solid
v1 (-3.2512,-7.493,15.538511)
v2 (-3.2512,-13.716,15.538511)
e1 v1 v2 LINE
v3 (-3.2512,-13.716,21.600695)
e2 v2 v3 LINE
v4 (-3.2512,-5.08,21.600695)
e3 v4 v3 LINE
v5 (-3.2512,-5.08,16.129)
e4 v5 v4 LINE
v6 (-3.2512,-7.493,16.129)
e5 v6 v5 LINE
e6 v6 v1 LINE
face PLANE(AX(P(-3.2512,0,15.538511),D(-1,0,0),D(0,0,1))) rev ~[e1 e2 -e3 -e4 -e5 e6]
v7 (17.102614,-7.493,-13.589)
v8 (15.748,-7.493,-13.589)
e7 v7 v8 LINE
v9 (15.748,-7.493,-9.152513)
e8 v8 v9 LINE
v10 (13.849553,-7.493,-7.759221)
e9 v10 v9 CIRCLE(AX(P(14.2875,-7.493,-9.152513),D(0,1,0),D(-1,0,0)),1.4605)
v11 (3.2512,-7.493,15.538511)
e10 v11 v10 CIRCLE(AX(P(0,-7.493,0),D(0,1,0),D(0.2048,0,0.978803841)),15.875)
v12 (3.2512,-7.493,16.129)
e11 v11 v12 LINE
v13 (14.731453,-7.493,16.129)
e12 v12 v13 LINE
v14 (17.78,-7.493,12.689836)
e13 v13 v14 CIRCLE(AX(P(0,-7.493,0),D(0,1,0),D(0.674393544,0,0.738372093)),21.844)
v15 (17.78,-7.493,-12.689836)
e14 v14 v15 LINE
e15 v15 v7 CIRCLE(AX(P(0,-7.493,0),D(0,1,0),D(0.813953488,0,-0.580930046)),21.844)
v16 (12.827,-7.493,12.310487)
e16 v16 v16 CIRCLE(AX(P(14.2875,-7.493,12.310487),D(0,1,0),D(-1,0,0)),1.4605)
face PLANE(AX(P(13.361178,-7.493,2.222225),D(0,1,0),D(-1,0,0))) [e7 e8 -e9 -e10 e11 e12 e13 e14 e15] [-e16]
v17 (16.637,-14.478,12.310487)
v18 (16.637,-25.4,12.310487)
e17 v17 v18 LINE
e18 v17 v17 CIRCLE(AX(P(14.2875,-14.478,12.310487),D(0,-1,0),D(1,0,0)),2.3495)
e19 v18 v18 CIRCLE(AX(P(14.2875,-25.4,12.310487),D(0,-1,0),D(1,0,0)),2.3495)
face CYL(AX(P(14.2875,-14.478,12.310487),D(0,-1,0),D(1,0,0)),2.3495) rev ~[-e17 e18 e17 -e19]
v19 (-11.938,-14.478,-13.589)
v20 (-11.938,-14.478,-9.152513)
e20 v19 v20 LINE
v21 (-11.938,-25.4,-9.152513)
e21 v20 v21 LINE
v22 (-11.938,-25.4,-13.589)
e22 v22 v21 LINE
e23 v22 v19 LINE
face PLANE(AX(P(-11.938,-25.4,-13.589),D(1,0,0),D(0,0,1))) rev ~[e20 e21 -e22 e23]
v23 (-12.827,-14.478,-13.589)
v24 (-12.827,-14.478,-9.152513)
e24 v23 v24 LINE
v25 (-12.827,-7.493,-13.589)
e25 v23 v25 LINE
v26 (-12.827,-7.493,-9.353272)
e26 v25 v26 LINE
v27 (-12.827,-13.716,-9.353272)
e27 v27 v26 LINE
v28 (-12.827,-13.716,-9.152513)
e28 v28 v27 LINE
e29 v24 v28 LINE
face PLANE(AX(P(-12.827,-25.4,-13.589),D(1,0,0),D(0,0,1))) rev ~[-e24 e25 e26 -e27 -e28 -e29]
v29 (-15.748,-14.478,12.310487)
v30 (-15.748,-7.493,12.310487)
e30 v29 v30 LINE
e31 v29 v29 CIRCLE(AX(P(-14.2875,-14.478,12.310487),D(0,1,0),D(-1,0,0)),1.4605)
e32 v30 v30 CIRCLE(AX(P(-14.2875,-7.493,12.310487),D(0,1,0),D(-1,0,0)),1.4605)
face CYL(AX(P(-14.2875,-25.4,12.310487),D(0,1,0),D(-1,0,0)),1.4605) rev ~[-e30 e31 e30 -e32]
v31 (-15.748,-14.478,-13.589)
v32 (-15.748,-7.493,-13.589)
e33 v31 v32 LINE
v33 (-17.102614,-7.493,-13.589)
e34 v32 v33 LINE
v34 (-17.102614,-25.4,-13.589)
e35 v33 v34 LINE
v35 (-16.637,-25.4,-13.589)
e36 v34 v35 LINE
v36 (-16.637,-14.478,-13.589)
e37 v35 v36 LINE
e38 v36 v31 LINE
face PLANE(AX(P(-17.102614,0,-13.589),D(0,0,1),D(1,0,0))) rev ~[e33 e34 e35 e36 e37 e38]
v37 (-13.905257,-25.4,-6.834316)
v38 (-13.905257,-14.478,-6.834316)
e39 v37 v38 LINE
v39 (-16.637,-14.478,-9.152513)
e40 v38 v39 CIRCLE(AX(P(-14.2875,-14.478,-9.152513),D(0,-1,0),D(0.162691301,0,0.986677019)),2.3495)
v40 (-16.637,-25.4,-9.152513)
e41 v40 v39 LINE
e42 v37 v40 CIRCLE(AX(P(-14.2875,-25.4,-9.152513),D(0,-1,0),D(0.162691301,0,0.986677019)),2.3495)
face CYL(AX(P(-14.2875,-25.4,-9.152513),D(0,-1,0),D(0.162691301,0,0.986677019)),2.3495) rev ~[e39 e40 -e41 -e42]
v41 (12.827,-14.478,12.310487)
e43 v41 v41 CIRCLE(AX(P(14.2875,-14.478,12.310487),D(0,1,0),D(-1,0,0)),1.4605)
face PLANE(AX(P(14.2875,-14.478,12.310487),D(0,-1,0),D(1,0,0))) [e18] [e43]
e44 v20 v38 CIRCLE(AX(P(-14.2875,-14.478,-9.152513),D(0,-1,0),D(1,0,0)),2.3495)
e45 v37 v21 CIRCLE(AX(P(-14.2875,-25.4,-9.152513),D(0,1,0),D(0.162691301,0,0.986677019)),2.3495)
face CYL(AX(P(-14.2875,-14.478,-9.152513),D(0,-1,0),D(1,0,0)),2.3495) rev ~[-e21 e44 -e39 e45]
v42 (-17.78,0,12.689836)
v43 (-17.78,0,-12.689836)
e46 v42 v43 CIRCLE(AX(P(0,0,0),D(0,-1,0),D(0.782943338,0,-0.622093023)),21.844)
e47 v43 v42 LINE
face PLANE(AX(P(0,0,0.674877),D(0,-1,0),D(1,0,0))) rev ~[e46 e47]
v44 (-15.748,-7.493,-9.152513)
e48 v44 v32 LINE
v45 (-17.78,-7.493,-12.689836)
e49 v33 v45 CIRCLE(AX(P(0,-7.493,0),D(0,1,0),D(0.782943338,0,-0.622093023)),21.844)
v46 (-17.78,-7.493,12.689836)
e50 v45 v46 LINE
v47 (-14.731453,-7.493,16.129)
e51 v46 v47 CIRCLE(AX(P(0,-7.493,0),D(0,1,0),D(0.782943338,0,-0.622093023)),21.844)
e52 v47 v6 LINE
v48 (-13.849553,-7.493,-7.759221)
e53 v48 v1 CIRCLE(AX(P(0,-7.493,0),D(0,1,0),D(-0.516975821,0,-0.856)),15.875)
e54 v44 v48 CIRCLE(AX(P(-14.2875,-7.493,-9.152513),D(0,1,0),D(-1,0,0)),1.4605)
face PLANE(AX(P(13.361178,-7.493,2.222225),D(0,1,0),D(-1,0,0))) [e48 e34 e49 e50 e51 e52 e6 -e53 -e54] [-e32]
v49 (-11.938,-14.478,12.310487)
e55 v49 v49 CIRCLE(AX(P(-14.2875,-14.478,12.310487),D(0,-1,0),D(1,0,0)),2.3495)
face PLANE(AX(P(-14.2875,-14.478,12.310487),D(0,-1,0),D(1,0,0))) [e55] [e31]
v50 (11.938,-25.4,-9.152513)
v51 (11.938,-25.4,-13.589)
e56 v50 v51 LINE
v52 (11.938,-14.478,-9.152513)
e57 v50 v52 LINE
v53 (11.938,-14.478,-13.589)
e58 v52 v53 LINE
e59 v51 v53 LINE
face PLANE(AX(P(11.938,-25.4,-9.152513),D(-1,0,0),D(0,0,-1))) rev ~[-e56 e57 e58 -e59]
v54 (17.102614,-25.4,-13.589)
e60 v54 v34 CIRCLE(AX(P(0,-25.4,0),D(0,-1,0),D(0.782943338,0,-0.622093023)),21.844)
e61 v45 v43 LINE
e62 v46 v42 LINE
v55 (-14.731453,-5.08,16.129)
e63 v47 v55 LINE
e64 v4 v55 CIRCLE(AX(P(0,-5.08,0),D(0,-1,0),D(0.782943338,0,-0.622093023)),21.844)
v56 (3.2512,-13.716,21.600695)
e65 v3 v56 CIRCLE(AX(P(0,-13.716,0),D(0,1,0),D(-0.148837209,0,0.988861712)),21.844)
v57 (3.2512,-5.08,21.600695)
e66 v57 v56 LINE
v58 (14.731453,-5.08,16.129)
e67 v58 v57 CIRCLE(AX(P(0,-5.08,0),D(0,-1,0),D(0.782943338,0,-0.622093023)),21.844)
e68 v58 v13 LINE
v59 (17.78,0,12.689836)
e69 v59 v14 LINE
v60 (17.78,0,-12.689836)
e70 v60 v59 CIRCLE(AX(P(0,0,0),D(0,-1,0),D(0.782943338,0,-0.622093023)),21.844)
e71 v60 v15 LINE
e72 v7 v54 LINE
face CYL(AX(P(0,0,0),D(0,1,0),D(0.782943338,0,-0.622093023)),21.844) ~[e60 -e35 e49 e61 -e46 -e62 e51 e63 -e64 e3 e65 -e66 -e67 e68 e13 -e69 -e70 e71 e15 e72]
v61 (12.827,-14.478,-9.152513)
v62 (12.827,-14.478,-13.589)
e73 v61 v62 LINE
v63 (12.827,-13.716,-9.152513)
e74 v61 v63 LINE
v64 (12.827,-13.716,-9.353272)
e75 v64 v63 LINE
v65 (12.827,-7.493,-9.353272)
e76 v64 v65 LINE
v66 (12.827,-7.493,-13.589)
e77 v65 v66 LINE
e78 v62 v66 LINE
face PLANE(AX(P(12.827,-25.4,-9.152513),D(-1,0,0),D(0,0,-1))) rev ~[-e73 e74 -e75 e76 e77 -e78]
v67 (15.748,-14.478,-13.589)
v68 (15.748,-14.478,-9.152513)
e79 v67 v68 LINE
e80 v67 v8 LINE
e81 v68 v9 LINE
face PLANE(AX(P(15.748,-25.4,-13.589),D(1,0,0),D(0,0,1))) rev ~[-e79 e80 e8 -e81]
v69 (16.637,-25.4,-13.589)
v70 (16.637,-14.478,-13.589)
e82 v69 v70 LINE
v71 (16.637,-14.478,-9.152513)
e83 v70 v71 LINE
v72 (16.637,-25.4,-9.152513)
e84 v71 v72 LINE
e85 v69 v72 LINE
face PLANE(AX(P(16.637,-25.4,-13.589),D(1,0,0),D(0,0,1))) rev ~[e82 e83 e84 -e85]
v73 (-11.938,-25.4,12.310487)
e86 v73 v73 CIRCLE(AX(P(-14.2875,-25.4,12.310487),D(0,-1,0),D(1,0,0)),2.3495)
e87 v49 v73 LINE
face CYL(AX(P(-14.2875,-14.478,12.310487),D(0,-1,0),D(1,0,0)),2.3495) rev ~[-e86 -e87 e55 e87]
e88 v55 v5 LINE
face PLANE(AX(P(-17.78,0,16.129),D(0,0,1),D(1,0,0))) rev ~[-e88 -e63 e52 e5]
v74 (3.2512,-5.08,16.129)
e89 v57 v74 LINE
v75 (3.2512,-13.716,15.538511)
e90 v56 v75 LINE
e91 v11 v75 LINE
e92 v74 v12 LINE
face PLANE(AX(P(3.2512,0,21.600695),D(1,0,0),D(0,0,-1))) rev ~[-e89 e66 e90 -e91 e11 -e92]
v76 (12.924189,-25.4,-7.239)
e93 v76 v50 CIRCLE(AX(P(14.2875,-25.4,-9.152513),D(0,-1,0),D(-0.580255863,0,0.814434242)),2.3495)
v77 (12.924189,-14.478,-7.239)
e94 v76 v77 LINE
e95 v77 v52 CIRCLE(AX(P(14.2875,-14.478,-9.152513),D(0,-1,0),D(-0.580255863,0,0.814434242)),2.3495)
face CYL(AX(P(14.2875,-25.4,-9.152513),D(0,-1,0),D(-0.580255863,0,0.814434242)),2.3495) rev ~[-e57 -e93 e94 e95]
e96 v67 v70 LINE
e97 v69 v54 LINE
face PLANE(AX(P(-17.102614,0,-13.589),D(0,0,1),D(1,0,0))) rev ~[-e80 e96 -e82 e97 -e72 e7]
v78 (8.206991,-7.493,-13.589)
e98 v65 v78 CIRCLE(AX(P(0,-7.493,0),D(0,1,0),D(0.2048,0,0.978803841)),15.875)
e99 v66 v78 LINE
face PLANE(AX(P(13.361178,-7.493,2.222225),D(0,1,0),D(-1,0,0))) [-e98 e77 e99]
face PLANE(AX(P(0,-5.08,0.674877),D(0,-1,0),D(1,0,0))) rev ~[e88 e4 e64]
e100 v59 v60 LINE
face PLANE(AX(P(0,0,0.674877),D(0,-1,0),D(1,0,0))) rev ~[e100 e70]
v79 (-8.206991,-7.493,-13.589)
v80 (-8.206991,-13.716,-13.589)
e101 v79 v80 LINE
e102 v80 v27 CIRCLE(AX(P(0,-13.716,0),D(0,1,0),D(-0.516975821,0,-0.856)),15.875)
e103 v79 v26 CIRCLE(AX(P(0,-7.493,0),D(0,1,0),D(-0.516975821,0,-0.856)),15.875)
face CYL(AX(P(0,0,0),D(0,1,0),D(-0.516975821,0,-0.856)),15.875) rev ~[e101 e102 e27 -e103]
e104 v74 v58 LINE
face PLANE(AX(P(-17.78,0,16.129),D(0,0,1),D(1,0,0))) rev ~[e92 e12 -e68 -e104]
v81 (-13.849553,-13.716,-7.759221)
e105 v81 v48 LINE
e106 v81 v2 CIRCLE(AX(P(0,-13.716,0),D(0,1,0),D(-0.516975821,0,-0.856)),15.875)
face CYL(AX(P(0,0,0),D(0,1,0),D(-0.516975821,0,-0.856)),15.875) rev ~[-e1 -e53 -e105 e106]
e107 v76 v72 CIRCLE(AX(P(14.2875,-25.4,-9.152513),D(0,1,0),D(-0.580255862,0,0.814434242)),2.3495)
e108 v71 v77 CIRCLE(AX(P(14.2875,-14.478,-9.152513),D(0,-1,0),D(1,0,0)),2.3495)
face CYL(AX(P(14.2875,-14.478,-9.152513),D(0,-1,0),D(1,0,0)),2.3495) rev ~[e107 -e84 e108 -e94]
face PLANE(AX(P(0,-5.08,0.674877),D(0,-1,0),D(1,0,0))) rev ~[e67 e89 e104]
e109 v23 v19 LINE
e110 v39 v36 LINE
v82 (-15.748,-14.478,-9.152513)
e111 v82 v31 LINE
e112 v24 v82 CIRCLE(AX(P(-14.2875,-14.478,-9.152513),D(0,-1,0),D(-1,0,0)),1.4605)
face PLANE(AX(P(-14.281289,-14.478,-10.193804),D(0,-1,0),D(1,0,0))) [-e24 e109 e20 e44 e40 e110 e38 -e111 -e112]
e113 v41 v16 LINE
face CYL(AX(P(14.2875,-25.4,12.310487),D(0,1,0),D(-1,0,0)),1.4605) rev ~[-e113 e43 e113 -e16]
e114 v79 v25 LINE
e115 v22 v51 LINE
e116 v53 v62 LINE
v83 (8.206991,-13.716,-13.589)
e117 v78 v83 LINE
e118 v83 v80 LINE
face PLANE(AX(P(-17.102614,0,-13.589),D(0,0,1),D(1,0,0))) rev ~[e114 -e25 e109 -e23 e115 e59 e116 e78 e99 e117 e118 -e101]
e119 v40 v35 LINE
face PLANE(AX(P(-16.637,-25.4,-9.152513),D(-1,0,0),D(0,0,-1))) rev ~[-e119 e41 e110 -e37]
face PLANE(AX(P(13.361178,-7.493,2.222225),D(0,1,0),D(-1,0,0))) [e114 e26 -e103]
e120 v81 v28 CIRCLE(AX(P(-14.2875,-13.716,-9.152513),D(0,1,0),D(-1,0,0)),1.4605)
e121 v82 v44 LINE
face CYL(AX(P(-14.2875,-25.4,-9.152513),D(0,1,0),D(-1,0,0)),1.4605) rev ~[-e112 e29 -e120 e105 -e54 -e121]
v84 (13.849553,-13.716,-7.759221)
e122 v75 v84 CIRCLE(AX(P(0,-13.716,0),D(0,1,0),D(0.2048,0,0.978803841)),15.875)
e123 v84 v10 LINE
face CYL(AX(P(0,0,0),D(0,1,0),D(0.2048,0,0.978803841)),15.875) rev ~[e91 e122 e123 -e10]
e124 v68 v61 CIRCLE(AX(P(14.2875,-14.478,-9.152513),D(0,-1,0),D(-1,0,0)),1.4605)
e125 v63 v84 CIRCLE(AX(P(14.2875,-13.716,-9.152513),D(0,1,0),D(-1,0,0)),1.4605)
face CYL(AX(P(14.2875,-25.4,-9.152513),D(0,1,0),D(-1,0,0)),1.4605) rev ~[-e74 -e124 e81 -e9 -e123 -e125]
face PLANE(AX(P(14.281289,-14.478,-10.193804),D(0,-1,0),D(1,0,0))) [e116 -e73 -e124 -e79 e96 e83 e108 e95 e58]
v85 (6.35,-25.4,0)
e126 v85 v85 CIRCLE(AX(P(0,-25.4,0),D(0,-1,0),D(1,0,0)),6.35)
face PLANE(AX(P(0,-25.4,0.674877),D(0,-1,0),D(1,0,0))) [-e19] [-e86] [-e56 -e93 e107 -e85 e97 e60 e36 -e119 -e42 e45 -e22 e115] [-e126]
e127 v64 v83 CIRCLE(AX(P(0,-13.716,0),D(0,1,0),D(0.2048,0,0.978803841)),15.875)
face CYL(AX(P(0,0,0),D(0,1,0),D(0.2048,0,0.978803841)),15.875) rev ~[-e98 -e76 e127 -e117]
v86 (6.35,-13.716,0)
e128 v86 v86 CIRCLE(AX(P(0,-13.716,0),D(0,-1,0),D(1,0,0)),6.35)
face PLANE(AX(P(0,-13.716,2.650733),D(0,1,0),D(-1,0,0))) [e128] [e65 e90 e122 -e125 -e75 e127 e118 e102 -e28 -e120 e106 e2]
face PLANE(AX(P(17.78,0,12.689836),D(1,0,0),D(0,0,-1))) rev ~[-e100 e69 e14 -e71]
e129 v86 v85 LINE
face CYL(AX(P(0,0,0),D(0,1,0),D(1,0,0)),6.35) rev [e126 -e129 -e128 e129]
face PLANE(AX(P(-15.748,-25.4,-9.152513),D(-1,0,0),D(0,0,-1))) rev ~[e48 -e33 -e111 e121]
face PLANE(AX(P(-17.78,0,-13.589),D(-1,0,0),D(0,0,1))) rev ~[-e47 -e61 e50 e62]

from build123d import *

# Parameters (mm, degrees)
F0_R           = 6.35
F1_DEPTH       = 25.4
F2_R           = 6.35
F3_DEPTH       = 13.716
F5_DEPTH       = 7.493
F6_DEPTH       = 5.08
F8_D           = 2.921
F8_CBORE_D     = 4.699
F8_CBORE_DEPTH = 10.922
F9_DEPTH       = 10.922
F10_DEPTH      = 17.907


with BuildPart() as f1:
    # F0 (on Front) → F1 (new body)
    with BuildSketch(Plane.XZ):
        with BuildLine():
            Line((0, -13.589), (17.1026142738, -13.589))
            ThreePointArc((17.1026142738, -13.589), (0, 21.844), (-17.1026142738, -13.589))
            Line((-17.1026142738, -13.589), (0, -13.589))
        make_face()
        Circle(F0_R, mode=Mode.SUBTRACT)
    extrude(amount=F1_DEPTH)

    # F2 (on face) → F3 (cut)
    with BuildSketch(Plane(origin=(0, 0, 0), x_dir=(-1, 0, 0), z_dir=(0, 1, 0))):
        with BuildLine():
            Line((-3.2512, 21.6006952333), (-3.2512, 15.5385109827))
            ThreePointArc((-3.2512, 15.5385109827), (-15.6500961726, 2.6627269459), (-8.2069911661, -13.589))
            Line((-8.2069911661, -13.589), (8.2069911661, -13.589))
            ThreePointArc((8.2069911661, -13.589), (15.6500961726, 2.6627269459), (3.2512, 15.5385109827))
            Line((3.2512, 15.5385109827), (3.2512, 21.6006952333))
            ThreePointArc((3.2512, 21.6006952333), (0, 21.844), (-3.2512, 21.6006952333))
        make_face()
        Circle(F2_R, mode=Mode.SUBTRACT)
    extrude(amount=-F3_DEPTH, mode=Mode.SUBTRACT)

    # F4 (on face) → F5 (cut)
    with BuildSketch(Plane(origin=(0, 0, 0), x_dir=(-1, 0, 0), z_dir=(0, 1, 0))):
        with BuildLine():
            Line((-17.1026142738, -13.589), (-8.2069911661, -13.589))
            ThreePointArc((-8.2069911661, -13.589), (-15.6500961726, 2.6627269459), (-3.2512, 15.5385109827))
            Line((-3.2512, 15.5385109827), (-3.2512, 16.129))
            Line((-3.2512, 16.129), (-14.731452576, 16.129))
            ThreePointArc((-14.731452576, 16.129), (-16.3464246709, 14.4898149222), (-17.78, 12.6898359327))
            Line((-17.78, 12.6898359327), (-17.78, -12.6898359327))
            ThreePointArc((-17.78, -12.6898359327), (-17.44710058, -13.1437824598), (-17.1026142738, -13.589))
        make_face()
        with BuildLine():
            Line((-8.2069911661, -13.589), (0, -13.589))
            Line((0, -13.589), (17.78, -13.589))
            Line((17.78, -13.589), (17.78, 16.129))
            Line((17.78, 16.129), (-3.2512, 16.129))
            Line((-3.2512, 16.129), (-3.2512, 15.5385109827))
            ThreePointArc((-3.2512, 15.5385109827), (-15.6500961726, 2.6627269459), (-8.2069911661, -13.589))
        make_face()
    extrude(amount=-F5_DEPTH, mode=Mode.SUBTRACT)

    # F6 (cut): faces of the model
    f6_faces = [f1.faces().sort_by_distance(p)[0] for p in [
        (7.5018293791, 0, 18.2089166426),
        (-7.5018293791, 0, 18.2089166426),
    ]]
    extrude(f6_faces, amount=-F6_DEPTH, mode=Mode.SUBTRACT)

    # F8 (through all)
    with Locations(Plane.XZ.offset(25.4)):
        with Locations((-14.2875, -9.1525132509), (-14.2875, 12.3104867491), (14.2875, 12.3104867491), (14.2875, -9.1525132509)):
            CounterBoreHole(F8_D / 2, F8_CBORE_D / 2, F8_CBORE_DEPTH)

    # F7 (on face) → F9 (cut)
    with BuildSketch(Plane.XZ.offset(25.4)):
        with BuildLine():
            Line((-12.827, -13.589), (-11.938, -13.589))
            Line((-11.938, -13.589), (-11.938, -9.1525132509))
            ThreePointArc((-11.938, -9.1525132509), (-12.1990496422, -8.0761650949), (-12.9241888511, -7.239))
            Line((-12.9241888511, -7.239), (-13.6989384625, -7.239))
            ThreePointArc((-13.6989384625, -7.239), (-13.8035807397, -7.0374139258), (-13.9052567889, -6.8343155938))
            ThreePointArc((-13.9052567889, -6.8343155938), (-15.8077088385, -7.3611128665), (-16.637, -9.1525132509))
            Line((-16.637, -9.1525132509), (-16.637, -13.589))
            Line((-16.637, -13.589), (-15.748, -13.589))
            Line((-15.748, -13.589), (-15.748, -9.1525132509))
            ThreePointArc((-15.748, -9.1525132509), (-14.2875, -7.6920132509), (-12.827, -9.1525132509))
            Line((-12.827, -9.1525132509), (-12.827, -13.589))
        make_face()
        with BuildLine():
            ThreePointArc((12.827, -9.1525132509), (14.2875, -7.6920132509), (15.748, -9.1525132509))
            Line((15.748, -9.1525132509), (15.748, -13.589))
            Line((15.748, -13.589), (16.637, -13.589))
            Line((16.637, -13.589), (16.637, -9.1525132509))
            ThreePointArc((16.637, -9.1525132509), (15.8077088385, -7.3611128665), (13.9052567889, -6.8343155938))
            ThreePointArc((13.9052567889, -6.8343155938), (13.8035807397, -7.0374139258), (13.6989384625, -7.239))
            Line((13.6989384625, -7.239), (12.9241888511, -7.239))
            ThreePointArc((12.9241888511, -7.239), (12.1990496422, -8.0761650949), (11.938, -9.1525132509))
            Line((11.938, -9.1525132509), (11.938, -13.589))
            Line((11.938, -13.589), (12.827, -13.589))
            Line((12.827, -13.589), (12.827, -9.1525132509))
        make_face()
    extrude(amount=-F9_DEPTH, mode=Mode.SUBTRACT)

    # F7 (on face) → F10 (cut)
    with BuildSketch(Plane.XZ.offset(25.4)):
        with BuildLine():
            Line((-15.748, -13.589), (-12.827, -13.589))
            Line((-12.827, -13.589), (-12.827, -9.1525132509))
            ThreePointArc((-12.827, -9.1525132509), (-14.2875, -7.6920132509), (-15.748, -9.1525132509))
            Line((-15.748, -9.1525132509), (-15.748, -13.589))
        make_face()
        with BuildLine():
            Line((15.748, -13.589), (15.748, -9.1525132509))
            ThreePointArc((15.748, -9.1525132509), (14.2875, -7.6920132509), (12.827, -9.1525132509))
            Line((12.827, -9.1525132509), (12.827, -13.589))
            Line((12.827, -13.589), (15.748, -13.589))
        make_face()
    extrude(amount=-F10_DEPTH, mode=Mode.SUBTRACT)


solid = f1.part
